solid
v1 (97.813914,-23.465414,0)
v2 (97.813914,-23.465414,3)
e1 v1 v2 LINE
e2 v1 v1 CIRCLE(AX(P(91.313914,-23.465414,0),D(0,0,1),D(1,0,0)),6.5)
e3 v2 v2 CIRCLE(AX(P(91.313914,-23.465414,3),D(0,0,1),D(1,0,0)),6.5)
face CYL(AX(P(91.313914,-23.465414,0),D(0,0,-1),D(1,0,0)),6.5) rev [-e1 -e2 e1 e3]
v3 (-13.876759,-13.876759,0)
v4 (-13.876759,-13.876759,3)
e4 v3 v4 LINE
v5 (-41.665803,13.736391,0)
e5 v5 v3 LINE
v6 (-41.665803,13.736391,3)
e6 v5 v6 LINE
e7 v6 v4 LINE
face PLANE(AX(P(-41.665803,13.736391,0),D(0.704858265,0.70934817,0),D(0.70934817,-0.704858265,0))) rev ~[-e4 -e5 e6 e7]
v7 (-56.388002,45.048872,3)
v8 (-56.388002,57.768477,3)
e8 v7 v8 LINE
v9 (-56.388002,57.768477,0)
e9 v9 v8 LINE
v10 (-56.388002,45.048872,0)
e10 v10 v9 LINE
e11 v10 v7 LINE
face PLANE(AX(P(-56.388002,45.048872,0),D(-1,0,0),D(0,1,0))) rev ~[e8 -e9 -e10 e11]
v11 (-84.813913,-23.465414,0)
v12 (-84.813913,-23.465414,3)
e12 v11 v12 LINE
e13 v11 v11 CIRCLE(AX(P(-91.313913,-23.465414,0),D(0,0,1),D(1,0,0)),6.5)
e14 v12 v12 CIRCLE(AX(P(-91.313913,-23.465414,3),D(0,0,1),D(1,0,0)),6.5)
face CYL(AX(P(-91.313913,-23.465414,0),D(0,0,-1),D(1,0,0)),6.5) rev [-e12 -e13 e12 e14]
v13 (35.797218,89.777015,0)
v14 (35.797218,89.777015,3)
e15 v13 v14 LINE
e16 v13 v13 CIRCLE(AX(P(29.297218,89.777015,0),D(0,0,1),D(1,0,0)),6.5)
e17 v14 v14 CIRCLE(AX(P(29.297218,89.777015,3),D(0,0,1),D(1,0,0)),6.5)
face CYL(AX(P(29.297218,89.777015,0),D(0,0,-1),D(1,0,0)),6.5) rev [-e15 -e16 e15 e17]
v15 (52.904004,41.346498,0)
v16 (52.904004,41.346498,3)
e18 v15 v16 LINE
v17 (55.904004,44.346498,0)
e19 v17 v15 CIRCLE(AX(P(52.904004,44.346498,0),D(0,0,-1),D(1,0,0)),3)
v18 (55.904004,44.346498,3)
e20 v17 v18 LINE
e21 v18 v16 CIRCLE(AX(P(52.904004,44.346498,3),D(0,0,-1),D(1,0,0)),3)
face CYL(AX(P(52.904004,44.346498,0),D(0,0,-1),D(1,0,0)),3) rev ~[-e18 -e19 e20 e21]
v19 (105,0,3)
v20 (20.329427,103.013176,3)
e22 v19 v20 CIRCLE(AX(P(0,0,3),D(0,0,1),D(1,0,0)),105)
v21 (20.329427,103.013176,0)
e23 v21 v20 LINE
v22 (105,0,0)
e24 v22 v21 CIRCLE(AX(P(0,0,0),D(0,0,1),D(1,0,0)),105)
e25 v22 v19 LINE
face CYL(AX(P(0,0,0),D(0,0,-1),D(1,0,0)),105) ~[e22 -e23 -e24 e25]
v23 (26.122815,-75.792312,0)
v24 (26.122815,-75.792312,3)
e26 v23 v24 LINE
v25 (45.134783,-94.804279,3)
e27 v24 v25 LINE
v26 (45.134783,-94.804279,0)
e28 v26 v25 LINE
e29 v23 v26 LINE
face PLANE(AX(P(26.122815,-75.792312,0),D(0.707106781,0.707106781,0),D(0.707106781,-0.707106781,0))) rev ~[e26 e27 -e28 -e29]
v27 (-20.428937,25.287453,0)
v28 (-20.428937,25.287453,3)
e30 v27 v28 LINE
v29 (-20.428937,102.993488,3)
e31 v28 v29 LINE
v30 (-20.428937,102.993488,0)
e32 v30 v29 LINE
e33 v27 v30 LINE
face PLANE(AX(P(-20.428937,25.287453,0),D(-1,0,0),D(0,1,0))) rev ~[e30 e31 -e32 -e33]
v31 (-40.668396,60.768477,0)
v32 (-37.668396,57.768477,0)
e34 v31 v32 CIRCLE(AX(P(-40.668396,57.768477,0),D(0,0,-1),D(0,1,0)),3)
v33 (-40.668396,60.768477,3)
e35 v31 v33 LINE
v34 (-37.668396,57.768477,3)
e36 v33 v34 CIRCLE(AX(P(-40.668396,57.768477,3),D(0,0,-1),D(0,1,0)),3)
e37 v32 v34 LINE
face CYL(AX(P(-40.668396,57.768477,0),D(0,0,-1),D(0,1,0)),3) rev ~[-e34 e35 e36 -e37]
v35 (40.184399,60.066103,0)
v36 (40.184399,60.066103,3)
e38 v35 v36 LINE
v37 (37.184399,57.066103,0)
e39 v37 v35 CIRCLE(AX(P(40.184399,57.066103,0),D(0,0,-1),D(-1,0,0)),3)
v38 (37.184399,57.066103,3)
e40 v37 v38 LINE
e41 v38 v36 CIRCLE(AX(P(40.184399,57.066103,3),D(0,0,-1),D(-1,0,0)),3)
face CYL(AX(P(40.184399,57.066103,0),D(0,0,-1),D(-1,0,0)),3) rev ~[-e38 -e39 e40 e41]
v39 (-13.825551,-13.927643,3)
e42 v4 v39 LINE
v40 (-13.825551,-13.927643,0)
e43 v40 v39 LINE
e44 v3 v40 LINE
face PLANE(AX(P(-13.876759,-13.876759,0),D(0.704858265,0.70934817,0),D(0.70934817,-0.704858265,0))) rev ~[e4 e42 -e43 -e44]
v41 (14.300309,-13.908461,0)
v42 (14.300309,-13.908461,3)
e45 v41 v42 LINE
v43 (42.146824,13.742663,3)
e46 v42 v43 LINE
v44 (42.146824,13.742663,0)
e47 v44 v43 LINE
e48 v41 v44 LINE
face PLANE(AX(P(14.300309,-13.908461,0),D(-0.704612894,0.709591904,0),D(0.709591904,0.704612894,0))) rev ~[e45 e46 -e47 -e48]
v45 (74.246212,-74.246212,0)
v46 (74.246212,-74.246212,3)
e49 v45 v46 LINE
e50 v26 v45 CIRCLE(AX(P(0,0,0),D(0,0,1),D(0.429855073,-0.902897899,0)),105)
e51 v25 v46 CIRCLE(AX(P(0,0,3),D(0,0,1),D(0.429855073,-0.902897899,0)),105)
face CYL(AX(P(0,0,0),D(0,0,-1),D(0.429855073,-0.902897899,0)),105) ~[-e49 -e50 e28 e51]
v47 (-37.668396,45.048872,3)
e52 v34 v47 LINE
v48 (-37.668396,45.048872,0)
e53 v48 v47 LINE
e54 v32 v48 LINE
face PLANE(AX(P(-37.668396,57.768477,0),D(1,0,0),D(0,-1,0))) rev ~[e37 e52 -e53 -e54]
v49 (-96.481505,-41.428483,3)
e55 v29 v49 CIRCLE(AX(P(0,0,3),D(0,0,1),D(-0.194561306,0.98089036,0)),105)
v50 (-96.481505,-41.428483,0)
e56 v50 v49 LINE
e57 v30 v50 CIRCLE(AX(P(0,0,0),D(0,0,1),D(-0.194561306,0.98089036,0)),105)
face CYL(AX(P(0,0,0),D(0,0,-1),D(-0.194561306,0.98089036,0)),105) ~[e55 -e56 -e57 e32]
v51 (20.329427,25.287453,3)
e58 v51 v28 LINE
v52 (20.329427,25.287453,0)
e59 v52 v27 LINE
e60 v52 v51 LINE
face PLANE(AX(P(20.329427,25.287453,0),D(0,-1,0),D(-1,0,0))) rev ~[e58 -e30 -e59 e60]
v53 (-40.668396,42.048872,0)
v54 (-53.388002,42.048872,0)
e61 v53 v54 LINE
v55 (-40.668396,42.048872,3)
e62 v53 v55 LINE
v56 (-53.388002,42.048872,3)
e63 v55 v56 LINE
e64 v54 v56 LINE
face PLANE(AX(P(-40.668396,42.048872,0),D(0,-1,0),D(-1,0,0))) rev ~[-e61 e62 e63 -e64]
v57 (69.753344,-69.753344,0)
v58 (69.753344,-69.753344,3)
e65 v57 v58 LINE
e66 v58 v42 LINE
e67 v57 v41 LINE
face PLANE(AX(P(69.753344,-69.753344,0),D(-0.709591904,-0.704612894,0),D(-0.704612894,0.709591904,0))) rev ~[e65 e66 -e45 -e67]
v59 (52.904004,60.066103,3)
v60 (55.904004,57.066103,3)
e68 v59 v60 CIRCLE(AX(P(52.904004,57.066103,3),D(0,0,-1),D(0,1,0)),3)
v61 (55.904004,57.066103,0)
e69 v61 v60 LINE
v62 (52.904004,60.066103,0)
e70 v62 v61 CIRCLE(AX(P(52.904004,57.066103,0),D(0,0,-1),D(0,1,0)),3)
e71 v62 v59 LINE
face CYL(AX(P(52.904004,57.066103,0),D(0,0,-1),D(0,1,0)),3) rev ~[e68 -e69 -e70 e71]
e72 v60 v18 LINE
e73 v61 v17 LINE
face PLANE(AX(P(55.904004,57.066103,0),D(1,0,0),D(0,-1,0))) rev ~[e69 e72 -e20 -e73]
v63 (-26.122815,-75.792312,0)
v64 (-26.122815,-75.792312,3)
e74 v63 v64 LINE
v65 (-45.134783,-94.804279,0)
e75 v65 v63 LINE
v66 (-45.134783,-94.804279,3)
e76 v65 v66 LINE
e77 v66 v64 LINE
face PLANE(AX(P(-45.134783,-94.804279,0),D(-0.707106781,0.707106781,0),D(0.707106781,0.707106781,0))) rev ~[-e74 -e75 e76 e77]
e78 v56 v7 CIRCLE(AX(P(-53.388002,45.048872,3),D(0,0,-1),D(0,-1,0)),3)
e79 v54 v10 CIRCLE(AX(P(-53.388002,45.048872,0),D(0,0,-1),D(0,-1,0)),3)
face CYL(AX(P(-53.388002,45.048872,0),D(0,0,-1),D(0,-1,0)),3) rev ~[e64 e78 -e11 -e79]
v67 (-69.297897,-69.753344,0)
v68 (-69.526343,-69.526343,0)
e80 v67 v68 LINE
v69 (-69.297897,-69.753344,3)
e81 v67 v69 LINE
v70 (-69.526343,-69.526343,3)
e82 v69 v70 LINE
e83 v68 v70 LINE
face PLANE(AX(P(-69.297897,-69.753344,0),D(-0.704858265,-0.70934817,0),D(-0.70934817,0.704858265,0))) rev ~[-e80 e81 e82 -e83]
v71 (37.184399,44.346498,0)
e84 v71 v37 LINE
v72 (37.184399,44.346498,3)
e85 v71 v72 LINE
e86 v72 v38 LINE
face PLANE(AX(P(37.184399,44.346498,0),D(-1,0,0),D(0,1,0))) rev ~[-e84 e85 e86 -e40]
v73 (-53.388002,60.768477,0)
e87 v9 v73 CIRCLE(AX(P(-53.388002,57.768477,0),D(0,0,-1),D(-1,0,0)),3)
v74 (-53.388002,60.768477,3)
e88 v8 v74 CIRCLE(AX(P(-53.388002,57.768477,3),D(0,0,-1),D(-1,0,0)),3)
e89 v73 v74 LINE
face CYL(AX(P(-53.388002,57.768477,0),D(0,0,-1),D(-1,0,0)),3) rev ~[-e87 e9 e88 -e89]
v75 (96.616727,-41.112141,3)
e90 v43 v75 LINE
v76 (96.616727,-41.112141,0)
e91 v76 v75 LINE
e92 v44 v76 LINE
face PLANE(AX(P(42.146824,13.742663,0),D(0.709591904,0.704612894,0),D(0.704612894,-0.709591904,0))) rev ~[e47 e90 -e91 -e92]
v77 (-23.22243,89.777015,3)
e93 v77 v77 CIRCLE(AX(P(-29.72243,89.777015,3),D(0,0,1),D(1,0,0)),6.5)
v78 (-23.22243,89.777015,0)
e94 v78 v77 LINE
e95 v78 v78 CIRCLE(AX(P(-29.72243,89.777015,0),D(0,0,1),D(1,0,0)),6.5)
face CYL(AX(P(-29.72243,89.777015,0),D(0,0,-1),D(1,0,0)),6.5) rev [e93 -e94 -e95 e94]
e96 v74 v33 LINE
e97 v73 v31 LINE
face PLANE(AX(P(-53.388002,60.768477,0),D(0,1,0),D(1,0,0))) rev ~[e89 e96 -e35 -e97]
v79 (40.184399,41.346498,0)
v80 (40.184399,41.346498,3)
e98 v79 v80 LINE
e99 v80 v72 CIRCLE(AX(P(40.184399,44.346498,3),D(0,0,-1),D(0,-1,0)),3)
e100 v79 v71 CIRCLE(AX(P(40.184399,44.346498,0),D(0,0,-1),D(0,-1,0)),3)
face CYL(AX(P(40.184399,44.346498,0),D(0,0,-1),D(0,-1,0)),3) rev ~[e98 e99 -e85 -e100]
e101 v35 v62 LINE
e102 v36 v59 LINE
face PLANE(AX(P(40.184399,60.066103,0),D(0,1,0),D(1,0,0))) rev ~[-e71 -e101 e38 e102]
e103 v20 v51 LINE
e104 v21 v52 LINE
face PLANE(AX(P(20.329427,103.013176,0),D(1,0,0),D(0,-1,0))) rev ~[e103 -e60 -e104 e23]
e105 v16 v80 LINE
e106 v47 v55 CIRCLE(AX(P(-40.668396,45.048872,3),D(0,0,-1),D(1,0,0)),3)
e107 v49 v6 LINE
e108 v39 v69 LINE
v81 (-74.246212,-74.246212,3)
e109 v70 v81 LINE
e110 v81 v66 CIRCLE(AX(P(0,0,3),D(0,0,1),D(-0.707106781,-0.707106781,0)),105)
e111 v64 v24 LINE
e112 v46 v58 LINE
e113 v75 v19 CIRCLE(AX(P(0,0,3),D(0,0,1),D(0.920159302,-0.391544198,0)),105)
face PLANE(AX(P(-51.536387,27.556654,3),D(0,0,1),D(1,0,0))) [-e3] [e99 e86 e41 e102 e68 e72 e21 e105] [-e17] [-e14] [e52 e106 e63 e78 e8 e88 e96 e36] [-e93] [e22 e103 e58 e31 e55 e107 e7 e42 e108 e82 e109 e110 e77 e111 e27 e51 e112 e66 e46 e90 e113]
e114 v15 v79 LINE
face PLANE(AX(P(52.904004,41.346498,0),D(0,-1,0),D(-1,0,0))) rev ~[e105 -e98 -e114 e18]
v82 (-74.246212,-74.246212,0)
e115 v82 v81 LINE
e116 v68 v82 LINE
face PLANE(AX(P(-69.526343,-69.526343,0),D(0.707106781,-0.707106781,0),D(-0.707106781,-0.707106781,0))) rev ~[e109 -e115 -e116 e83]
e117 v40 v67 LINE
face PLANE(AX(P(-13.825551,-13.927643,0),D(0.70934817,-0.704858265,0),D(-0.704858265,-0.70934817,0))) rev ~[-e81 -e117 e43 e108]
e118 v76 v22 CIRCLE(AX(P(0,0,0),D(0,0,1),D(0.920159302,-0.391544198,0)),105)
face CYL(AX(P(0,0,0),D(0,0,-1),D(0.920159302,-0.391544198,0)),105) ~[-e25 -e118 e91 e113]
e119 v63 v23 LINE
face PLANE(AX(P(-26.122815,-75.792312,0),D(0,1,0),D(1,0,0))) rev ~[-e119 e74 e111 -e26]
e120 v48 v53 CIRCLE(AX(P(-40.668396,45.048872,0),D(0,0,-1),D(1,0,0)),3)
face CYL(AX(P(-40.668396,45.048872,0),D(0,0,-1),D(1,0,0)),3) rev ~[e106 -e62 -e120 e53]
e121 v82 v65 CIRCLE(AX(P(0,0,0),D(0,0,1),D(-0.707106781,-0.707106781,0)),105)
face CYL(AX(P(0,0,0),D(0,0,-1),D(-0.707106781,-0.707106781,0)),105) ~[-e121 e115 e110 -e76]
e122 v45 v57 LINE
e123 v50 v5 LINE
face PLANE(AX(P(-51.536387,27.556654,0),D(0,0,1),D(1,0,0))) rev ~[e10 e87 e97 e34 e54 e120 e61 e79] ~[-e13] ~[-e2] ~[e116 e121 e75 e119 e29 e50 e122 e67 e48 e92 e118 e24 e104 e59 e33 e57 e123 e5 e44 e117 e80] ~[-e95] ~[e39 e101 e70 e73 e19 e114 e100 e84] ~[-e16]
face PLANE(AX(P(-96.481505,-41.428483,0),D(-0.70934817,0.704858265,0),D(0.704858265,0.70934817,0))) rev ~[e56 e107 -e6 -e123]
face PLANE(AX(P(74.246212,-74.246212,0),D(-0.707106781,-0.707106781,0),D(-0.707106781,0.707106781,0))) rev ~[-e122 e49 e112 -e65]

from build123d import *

# Parameters (mm, degrees)
F0_R     = 6.5
F1_DEPTH = 3


with BuildPart() as f1:
    # F0 (on Top) → F1 (new body)
    with BuildSketch(Plane.XY):
        with BuildLine():
            ThreePointArc((-20.428937125, 102.9934877939), (-92.9055396428, 48.9240299208), (-96.4815047793, -41.4284833844))
            Line((-96.4815047793, -41.4284833844), (-41.6658031427, 13.7363909711))
            Line((-41.6658031427, 13.7363909711), (-13.8767590343, -13.8767590343))
            Line((-13.8767590343, -13.8767590343), (0, 0))
            Line((0, 0), (0, 25.2874530852))
            Line((0, 25.2874530852), (-20.428937125, 25.2874530852))
            Line((-20.428937125, 25.2874530852), (-20.428937125, 102.9934877939))
        make_face()
        with Locations((-91.3139134645, -23.4654136002)):
            Circle(F0_R, mode=Mode.SUBTRACT)
        with BuildLine():
            ThreePointArc((-56.388001889, 57.7684769799), (-55.5093222326, 59.8897973234), (-53.388001889, 60.7684769799))
            Line((-53.388001889, 60.7684769799), (-40.6683964263, 60.7684769799))
            ThreePointArc((-40.6683964263, 60.7684769799), (-38.5470760828, 59.8897973234), (-37.6683964263, 57.7684769799))
            Line((-37.6683964263, 57.7684769799), (-37.6683964263, 45.0488715172))
            ThreePointArc((-37.6683964263, 45.0488715172), (-38.5470760828, 42.9275511736), (-40.6683964263, 42.0488715172))
            Line((-40.6683964263, 42.0488715172), (-53.388001889, 42.0488715172))
            ThreePointArc((-53.388001889, 42.0488715172), (-55.5093222326, 42.9275511736), (-56.388001889, 45.0488715172))
            Line((-56.388001889, 45.0488715172), (-56.388001889, 57.7684769799))
        make_face(mode=Mode.SUBTRACT)
        with Locations((-29.722429812, 89.7770151496)):
            Circle(F0_R, mode=Mode.SUBTRACT)
        with BuildLine():
            Line((0, 25.2874530852), (0, 0))
            Line((0, 0), (69.7533435465, -69.7533435465))
            Line((69.7533435465, -69.7533435465), (14.3003088274, -13.9084606974))
            Line((14.3003088274, -13.9084606974), (42.1468239183, 13.7426630826))
            Line((42.1468239183, 13.7426630826), (96.6167267267, -41.1121407447))
            ThreePointArc((96.6167267267, -41.1121407447), (102.8828370194, -20.9790811726), (105, 0))
            ThreePointArc((105, 0), (81.1159350321, 66.6723712182), (20.3294269741, 103.013175851))
            Line((20.3294269741, 103.013175851), (20.3294269741, 25.2874530852))
            Line((20.3294269741, 25.2874530852), (0, 25.2874530852))
        make_face()
        with Locations((91.3139144, -23.4654136002)):
            Circle(F0_R, mode=Mode.SUBTRACT)
        with BuildLine():
            ThreePointArc((37.1843986213, 57.0661032964), (38.0630782778, 59.18742364), (40.1843986213, 60.0661032964))
            Line((40.1843986213, 60.0661032964), (52.904004084, 60.0661032964))
            ThreePointArc((52.904004084, 60.0661032964), (55.0253244276, 59.18742364), (55.904004084, 57.0661032964))
            Line((55.904004084, 57.0661032964), (55.904004084, 44.3464978337))
            ThreePointArc((55.904004084, 44.3464978337), (55.0253244276, 42.2251774902), (52.904004084, 41.3464978337))
            Line((52.904004084, 41.3464978337), (40.1843986213, 41.3464978337))
            ThreePointArc((40.1843986213, 41.3464978337), (38.0630782778, 42.2251774902), (37.1843986213, 44.3464978337))
            Line((37.1843986213, 44.3464978337), (37.1843986213, 57.0661032964))
        make_face(mode=Mode.SUBTRACT)
        with Locations((29.2972179146, 89.7770151496)):
            Circle(F0_R, mode=Mode.SUBTRACT)
        with BuildLine():
            Line((-69.5263431778, -69.5263431778), (-74.2462120246, -74.2462120246))
            ThreePointArc((-74.2462120246, -74.2462120246), (-60.5690845883, -85.7693767736), (-45.1347826829, -94.804279398))
            Line((-45.1347826829, -94.804279398), (-26.1228149757, -75.7923116907))
            Line((-26.1228149757, -75.7923116907), (0, -49.6694967151))
            Line((0, -49.6694967151), (0, 0))
            Line((0, 0), (-13.8767590343, -13.8767590343))
            Line((-13.8767590343, -13.8767590343), (-13.825551364, -13.9276425795))
            Line((-13.825551364, -13.9276425795), (-69.2978968304, -69.7533435465))
            Line((-69.2978968304, -69.7533435465), (-69.5263431778, -69.5263431778))
        make_face()
        with BuildLine():
            Line((26.1228149757, -75.7923116907), (45.1347826829, -94.804279398))
            ThreePointArc((45.1347826829, -94.804279398), (60.5690845883, -85.7693767736), (74.2462120246, -74.2462120246))
            Line((74.2462120246, -74.2462120246), (69.7533435465, -69.7533435465))
            Line((69.7533435465, -69.7533435465), (0, 0))
            Line((0, 0), (0, -49.6694967151))
            Line((0, -49.6694967151), (26.1228149757, -75.7923116907))
        make_face()
        Polygon((0, -49.6694967151), (-26.1228149757, -75.7923116907), (0, -75.7923116907), (0, -64.7160249151), align=None)
        Polygon((0, -64.7160249151), (0, -75.7923116907), (26.1228149757, -75.7923116907), (0, -49.6694967151), align=None)
    extrude(amount=F1_DEPTH)


solid = f1.part
